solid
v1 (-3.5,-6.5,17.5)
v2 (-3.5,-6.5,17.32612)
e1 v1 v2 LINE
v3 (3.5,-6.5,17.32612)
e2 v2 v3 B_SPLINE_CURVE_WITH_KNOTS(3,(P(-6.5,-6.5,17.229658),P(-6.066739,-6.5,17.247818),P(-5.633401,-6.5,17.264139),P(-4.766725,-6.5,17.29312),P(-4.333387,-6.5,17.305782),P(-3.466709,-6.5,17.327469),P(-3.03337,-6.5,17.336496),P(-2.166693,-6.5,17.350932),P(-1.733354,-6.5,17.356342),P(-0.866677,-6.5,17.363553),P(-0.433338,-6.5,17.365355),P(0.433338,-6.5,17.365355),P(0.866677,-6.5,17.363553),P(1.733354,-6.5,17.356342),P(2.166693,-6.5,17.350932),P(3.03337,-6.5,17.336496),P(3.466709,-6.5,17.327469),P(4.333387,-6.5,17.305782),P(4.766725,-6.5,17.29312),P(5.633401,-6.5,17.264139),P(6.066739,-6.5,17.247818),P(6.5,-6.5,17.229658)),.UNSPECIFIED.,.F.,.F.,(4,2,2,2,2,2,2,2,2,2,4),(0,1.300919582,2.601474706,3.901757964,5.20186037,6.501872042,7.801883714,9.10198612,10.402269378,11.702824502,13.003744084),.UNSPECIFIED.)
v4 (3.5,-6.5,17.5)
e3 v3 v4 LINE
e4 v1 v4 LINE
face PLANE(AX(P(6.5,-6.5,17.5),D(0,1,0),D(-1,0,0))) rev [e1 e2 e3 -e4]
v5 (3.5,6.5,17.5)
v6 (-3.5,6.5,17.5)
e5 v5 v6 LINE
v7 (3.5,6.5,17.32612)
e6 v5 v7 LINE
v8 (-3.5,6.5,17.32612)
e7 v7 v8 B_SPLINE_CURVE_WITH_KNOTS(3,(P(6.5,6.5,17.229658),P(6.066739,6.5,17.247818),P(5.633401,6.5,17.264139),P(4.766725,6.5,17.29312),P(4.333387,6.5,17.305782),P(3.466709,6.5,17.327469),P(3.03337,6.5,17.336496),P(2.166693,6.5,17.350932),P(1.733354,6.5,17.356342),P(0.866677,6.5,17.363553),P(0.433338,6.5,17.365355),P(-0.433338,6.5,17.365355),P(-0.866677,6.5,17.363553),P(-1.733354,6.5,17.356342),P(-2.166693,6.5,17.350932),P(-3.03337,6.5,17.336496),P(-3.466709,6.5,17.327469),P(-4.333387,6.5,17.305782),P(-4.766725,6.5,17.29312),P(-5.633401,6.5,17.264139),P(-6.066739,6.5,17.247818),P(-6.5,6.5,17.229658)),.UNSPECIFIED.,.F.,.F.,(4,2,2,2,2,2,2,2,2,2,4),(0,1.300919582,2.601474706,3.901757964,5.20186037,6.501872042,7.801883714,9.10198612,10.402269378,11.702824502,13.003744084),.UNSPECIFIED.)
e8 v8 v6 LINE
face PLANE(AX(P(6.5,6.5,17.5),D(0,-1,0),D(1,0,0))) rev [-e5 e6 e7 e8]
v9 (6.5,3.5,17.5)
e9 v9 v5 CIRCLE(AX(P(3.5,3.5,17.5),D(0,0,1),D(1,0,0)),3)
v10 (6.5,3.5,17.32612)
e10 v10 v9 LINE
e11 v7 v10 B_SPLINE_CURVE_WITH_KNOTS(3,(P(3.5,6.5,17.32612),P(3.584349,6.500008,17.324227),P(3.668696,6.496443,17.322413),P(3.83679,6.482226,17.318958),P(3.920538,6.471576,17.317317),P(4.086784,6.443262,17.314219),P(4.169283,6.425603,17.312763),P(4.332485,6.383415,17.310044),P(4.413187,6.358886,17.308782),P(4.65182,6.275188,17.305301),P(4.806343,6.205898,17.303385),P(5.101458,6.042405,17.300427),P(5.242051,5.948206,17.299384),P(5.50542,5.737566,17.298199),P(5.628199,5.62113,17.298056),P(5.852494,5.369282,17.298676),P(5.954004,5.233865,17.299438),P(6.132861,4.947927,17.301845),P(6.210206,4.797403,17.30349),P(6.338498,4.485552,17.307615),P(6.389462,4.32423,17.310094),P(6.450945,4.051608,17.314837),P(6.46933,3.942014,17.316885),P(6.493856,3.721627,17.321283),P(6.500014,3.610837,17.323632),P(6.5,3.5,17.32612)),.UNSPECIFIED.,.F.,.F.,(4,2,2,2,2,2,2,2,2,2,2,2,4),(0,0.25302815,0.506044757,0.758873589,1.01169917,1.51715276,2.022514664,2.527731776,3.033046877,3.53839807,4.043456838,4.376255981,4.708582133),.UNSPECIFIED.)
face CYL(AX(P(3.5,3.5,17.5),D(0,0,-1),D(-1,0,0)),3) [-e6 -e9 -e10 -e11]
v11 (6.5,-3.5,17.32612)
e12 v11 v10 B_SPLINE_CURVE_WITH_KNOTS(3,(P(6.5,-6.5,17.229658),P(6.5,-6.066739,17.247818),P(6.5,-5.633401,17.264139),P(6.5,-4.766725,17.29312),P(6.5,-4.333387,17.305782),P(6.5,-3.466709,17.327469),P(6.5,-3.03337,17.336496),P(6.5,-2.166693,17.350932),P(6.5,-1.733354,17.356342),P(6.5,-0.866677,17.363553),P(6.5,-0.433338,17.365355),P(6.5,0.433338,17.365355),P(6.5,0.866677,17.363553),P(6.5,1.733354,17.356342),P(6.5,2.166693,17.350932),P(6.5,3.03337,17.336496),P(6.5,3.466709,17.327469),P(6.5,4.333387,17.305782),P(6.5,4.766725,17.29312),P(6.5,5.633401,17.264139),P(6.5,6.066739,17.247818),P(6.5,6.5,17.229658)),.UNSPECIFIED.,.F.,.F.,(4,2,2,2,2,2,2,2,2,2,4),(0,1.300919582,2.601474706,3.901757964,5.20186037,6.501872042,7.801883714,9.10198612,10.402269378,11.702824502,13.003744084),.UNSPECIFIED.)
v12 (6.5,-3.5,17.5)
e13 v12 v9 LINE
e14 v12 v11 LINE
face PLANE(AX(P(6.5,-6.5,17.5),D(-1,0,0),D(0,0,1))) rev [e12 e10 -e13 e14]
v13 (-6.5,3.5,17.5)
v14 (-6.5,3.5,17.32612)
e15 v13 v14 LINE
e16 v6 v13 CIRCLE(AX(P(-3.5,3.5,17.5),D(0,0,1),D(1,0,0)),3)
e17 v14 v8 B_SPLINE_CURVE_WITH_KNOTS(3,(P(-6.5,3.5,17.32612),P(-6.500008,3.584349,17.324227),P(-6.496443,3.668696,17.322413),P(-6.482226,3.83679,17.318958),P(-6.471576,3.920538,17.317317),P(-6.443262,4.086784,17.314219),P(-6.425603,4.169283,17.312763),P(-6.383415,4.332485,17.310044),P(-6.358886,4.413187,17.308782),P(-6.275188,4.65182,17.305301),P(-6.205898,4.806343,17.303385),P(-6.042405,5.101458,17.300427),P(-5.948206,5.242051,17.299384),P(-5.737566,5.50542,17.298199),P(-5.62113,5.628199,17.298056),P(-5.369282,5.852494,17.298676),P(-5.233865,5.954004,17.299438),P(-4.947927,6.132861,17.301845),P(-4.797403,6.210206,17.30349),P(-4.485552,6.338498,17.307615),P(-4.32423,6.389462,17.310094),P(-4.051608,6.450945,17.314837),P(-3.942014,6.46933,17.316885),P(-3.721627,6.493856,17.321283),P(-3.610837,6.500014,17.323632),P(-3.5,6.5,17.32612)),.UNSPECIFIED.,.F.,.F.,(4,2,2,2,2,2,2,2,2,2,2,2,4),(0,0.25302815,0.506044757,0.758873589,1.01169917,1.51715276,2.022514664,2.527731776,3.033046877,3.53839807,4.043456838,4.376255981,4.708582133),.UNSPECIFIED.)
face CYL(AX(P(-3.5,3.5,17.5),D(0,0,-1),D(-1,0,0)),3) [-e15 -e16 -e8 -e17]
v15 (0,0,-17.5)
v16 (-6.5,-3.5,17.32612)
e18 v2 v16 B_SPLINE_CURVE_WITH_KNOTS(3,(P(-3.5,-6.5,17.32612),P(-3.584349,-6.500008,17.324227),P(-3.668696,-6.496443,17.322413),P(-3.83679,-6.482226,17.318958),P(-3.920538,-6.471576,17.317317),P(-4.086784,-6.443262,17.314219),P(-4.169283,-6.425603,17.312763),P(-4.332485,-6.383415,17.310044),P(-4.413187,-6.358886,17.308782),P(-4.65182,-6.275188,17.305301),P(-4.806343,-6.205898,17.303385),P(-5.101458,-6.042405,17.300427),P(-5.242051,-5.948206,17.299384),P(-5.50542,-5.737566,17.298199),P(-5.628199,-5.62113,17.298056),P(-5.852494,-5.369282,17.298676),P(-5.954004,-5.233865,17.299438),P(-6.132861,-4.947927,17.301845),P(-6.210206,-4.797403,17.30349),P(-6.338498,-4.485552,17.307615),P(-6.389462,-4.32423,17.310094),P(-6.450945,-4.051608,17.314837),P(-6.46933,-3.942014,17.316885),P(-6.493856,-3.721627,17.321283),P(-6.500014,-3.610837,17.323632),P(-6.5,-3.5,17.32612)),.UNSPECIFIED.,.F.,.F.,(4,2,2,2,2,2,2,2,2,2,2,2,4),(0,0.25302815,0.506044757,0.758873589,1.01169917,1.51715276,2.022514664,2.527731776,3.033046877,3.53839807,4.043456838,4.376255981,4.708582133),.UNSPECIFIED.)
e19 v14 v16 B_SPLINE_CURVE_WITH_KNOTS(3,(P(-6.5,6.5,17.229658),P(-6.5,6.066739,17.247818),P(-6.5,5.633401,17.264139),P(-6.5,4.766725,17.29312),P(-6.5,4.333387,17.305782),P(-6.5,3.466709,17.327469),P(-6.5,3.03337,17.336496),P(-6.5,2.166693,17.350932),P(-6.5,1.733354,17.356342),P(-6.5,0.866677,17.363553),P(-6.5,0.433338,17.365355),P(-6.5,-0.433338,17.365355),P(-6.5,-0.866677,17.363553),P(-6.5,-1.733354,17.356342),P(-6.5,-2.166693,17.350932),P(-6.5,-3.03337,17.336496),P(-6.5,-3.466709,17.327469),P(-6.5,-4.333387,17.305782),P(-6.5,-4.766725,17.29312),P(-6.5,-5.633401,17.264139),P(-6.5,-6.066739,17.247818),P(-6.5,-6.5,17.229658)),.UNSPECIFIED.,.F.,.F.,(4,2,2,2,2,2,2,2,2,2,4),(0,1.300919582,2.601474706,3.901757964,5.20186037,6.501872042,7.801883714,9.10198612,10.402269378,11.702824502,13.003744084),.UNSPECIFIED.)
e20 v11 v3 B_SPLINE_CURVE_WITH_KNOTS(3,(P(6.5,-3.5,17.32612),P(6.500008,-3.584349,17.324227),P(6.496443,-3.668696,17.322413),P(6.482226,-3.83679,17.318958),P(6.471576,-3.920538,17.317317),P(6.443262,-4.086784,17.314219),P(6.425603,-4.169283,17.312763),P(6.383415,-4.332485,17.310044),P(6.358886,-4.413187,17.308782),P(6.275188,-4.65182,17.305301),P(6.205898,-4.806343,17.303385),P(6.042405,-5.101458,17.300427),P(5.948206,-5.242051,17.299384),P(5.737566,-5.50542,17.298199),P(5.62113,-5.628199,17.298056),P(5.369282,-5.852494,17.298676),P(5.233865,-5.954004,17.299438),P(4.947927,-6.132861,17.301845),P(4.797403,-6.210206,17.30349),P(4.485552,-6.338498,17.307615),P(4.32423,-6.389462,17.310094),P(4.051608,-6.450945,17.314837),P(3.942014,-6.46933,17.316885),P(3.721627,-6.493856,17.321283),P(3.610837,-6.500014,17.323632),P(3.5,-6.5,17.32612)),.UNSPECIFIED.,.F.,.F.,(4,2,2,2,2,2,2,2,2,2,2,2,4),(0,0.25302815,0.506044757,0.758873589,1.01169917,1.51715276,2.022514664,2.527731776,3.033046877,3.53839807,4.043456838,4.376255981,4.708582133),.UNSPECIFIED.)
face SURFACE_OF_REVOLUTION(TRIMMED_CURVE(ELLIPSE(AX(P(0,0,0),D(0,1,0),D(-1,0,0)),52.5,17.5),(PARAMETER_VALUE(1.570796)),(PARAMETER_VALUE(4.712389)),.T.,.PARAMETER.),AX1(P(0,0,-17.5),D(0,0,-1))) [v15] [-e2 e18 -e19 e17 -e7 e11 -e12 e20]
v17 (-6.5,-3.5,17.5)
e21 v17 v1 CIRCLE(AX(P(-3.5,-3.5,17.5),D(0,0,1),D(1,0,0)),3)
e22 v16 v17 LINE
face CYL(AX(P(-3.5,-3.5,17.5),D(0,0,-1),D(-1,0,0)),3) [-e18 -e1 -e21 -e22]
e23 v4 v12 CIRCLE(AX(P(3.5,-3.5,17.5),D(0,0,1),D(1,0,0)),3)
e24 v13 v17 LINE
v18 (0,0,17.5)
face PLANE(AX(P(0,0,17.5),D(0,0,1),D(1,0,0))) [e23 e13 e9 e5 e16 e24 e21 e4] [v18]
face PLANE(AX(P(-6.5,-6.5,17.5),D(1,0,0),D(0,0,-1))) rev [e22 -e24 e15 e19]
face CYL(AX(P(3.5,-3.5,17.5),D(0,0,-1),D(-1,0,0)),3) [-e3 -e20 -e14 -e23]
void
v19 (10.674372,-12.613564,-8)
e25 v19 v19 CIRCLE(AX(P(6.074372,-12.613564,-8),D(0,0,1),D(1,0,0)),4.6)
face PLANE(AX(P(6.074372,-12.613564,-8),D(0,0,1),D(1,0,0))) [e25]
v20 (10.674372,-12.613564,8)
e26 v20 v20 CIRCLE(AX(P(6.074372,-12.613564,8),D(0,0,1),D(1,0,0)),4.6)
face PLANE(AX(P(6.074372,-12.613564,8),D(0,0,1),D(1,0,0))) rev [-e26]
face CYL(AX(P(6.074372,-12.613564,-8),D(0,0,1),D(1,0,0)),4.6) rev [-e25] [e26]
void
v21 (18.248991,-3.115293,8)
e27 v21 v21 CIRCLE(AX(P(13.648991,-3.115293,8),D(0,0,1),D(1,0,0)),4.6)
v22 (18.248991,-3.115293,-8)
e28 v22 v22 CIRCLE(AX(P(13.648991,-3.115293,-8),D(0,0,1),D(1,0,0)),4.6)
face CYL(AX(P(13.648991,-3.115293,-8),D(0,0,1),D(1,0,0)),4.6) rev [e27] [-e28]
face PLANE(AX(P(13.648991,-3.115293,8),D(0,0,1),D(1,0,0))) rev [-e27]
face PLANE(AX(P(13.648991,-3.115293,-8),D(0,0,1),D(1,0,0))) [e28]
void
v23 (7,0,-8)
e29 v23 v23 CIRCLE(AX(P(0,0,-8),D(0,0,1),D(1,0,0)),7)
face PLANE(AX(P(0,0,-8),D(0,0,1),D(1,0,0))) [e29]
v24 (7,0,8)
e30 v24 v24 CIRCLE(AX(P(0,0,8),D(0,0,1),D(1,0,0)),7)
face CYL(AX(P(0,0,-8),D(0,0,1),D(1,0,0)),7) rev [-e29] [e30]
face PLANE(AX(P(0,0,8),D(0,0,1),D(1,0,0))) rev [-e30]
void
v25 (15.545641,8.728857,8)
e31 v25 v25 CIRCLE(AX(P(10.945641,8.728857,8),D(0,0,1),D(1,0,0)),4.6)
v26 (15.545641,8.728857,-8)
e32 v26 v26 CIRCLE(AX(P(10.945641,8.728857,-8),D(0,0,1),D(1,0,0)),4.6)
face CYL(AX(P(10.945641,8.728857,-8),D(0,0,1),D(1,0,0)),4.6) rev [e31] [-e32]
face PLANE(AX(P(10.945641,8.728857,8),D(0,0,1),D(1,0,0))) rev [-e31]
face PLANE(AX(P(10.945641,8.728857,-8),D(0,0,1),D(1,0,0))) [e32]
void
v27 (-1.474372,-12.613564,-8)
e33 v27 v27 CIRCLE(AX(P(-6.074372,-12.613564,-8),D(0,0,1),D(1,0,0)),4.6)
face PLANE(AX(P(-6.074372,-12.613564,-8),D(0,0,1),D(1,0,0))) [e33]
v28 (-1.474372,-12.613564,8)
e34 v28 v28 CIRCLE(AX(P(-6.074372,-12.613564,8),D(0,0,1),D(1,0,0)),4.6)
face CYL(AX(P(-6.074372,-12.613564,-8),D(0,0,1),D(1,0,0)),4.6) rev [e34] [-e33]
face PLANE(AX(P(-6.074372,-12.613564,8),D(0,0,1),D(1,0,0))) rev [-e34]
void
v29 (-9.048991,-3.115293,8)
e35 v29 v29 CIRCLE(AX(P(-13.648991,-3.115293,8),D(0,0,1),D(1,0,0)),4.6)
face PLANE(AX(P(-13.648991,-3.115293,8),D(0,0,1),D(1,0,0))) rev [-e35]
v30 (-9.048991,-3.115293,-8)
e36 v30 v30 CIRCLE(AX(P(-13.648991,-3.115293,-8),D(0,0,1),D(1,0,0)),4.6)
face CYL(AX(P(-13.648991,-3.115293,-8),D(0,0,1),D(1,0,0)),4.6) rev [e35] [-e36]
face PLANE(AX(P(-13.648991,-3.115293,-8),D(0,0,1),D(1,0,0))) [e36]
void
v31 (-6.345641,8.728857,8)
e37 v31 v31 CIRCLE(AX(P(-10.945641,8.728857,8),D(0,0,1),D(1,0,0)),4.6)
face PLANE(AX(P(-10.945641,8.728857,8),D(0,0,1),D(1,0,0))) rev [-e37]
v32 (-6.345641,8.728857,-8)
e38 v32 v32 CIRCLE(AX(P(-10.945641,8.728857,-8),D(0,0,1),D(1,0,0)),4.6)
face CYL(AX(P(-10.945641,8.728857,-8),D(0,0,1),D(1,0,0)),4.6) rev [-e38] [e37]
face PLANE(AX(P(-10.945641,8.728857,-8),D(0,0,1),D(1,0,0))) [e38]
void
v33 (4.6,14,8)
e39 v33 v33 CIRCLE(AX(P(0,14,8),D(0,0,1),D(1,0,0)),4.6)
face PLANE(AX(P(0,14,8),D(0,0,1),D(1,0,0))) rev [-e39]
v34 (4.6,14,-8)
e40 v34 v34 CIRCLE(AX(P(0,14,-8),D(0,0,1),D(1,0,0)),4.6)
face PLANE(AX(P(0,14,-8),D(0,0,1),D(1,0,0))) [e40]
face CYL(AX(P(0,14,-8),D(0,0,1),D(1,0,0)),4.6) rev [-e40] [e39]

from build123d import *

# Parameters (mm, degrees)
SKETCH2_W           = 13
SKETCH2_H           = 13
BOSS_EXTRUDE1_DEPTH = 17.5
FILLET1_R           = 3
SKETCH3_R           = 4.6
SKETCH3_R_2         = 7
CUT_EXTRUDE1_DEPTH  = 16


with BuildPart() as part:
    # Sketch1 → Revolve4 (revolve)
    with BuildSketch(Plane(origin=(0, 0, 0), x_dir=(1, 0, 0), z_dir=(0, 1, 0))):
        with BuildLine():
            Line((0, 17.5), (0, -17.5))
            add(Edge.make_bspline(
                [(0, -17.5), (52.5, -17.5), (52.5, 0), (52.5, 17.5), (0, 17.5)],
                knots=[1.570796327, 1.570796327, 1.570796327, 3.141592654, 3.141592654, 4.71238898, 4.71238898, 4.71238898], degree=2, weights=[1, 0.707106781, 1, 0.707106781, 1]))
        make_face()
    revolve(axis=Axis((0, 0, -17.5), (0, 0, 1)))

    # Sketch2 → Boss-Extrude1 (add, through all)
    with BuildSketch(Plane.XY):
        Rectangle(SKETCH2_W, SKETCH2_H)
    extrude(amount=BOSS_EXTRUDE1_DEPTH)

    # Fillet1
    fillet1_edges = [part.edges().sort_by_distance(p)[0] for p in [
        (6.5, -6.5, 17.364828947),
        (-6.5, 6.5, 17.364828947),
        (6.5, 6.5, 17.364828947),
        (-6.5, -6.5, 17.364828947),
    ]]
    fillet(fillet1_edges, radius=FILLET1_R)

    # Sketch3 → Cut-Extrude1 (cut)
    with BuildSketch(Plane.XY.offset(8)):
        with Locations((0, 14)):
            Circle(SKETCH3_R)
        with Locations((10.945640755, 8.728857226)):
            Circle(SKETCH3_R)
        with Locations((13.648990771, -3.115293075)):
            Circle(SKETCH3_R)
        with Locations((6.074372348, -12.613564151)):
            Circle(SKETCH3_R)
        with Locations((-6.074372348, -12.613564151)):
            Circle(SKETCH3_R)
        with Locations((-13.648990771, -3.115293075)):
            Circle(SKETCH3_R)
        with Locations((-10.945640755, 8.728857226)):
            Circle(SKETCH3_R)
        Circle(SKETCH3_R_2)
    extrude(amount=-CUT_EXTRUDE1_DEPTH, mode=Mode.SUBTRACT)


solid = part.part
